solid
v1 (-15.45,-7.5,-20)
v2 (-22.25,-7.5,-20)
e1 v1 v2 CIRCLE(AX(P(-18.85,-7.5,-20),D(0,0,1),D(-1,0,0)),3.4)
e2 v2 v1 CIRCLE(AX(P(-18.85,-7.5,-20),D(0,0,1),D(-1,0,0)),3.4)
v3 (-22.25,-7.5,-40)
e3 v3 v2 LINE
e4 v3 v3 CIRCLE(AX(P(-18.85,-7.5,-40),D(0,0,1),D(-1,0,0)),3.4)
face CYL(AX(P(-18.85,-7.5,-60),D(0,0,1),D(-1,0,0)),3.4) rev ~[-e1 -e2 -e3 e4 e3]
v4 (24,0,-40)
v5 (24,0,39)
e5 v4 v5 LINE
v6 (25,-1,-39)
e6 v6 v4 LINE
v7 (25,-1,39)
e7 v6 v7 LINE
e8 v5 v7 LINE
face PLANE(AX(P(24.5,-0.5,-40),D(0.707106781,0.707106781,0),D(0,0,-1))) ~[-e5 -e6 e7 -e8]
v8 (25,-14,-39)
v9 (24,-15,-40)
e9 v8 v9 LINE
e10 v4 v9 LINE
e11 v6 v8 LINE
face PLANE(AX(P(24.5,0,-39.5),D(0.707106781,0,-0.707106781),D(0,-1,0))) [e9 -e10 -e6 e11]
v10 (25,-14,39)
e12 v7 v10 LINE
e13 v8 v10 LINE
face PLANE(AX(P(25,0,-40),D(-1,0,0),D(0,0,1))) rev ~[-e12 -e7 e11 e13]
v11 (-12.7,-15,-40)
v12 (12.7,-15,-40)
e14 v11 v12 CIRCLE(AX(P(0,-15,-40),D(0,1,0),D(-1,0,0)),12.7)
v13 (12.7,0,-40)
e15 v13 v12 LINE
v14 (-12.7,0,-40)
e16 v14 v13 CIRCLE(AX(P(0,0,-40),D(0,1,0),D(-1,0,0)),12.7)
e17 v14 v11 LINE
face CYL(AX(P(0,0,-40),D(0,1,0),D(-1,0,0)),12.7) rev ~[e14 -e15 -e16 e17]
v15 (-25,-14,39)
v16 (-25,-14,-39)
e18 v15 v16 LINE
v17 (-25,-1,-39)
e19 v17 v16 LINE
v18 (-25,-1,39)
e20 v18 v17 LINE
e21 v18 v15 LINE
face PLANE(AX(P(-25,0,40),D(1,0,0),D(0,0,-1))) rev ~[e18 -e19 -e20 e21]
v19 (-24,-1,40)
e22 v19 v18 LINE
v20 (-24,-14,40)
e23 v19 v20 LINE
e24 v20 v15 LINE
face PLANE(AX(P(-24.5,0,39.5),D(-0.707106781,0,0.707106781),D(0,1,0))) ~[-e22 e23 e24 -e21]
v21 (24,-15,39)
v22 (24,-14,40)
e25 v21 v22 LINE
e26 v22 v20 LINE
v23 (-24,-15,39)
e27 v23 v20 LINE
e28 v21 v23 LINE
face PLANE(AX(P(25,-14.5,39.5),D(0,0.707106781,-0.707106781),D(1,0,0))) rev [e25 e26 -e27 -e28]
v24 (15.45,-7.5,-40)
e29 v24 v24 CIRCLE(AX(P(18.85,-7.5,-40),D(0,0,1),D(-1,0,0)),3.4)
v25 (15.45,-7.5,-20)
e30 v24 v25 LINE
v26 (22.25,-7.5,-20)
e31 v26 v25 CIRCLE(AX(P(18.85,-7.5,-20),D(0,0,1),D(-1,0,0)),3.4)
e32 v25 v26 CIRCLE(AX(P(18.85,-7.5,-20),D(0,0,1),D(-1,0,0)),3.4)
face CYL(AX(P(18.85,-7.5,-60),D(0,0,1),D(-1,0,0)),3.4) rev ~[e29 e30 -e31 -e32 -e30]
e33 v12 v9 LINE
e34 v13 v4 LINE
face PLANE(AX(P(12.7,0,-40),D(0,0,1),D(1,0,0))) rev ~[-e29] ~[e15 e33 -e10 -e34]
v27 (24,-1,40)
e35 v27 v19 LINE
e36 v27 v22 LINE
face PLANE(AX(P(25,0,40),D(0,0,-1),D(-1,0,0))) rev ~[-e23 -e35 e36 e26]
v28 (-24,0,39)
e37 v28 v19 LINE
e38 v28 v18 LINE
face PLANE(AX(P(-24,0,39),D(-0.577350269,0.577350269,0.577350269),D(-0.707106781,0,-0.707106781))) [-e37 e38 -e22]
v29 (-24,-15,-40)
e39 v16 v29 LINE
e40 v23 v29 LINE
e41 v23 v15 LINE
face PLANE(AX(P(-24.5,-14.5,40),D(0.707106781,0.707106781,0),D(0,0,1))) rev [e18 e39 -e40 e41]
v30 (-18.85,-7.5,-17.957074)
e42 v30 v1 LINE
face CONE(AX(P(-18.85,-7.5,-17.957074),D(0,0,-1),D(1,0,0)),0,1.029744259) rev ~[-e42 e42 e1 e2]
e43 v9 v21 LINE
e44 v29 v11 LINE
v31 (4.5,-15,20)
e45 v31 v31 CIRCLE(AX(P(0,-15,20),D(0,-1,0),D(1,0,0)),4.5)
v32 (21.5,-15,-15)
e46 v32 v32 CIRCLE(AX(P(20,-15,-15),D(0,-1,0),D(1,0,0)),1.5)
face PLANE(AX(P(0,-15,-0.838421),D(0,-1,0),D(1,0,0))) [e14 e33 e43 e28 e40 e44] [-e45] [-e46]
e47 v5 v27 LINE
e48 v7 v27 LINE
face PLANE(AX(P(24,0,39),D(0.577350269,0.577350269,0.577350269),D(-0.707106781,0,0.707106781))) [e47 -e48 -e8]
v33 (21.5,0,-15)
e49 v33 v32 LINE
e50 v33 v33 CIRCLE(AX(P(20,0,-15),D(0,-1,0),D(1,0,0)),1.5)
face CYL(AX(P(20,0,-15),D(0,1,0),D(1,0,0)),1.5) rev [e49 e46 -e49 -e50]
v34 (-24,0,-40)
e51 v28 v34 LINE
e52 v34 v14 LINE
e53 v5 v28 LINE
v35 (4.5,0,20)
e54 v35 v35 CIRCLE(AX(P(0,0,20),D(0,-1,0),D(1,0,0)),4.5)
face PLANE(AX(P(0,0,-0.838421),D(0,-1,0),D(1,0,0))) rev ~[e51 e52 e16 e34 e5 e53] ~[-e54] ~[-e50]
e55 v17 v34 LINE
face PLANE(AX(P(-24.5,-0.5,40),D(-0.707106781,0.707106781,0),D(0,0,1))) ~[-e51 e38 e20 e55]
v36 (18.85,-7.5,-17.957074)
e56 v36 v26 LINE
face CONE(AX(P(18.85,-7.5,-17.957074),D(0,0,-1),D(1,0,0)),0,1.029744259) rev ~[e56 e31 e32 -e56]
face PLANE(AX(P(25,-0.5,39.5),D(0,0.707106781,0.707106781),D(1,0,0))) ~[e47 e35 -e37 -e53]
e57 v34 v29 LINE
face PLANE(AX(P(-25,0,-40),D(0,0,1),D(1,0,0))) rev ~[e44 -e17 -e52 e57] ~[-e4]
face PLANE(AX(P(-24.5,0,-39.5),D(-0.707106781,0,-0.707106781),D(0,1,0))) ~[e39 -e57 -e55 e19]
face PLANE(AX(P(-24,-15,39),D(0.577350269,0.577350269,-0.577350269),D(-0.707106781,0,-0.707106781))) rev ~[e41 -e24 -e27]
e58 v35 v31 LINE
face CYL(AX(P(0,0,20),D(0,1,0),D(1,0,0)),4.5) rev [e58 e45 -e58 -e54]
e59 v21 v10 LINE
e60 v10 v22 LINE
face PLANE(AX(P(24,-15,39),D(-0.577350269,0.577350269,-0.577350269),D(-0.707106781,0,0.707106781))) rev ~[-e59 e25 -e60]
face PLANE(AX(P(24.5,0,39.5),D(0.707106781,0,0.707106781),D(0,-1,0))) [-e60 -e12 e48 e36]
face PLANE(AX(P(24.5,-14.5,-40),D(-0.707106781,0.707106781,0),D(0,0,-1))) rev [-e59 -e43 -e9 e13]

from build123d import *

# Parameters (mm, degrees)
F0_R     = 1.5
F0_R_2   = 4.5
F1_DEPTH = 15
F3_D     = 6.8
F3_DEPTH = 20
F3_TIP   = 2.0429261047
F5_D     = 6.8
F5_DEPTH = 20
F5_TIP   = 2.0429261047
F6_SIZE  = 1


with BuildPart() as f1:
    # F0 (on Front) → F1 (new body)
    with BuildSketch(Plane.XZ):
        with BuildLine():
            Line((25, 40), (-25, 40))
            Line((-25, 40), (-25, -40))
            Line((-25, -40), (-12.7, -40))
            ThreePointArc((-12.7, -40), (0, -27.3), (12.7, -40))
            Line((12.7, -40), (25, -40))
            Line((25, -40), (25, 40))
        make_face()
        with Locations((20, -15)):
            Circle(F0_R, mode=Mode.SUBTRACT)
        with Locations((0, 20)):
            Circle(F0_R_2, mode=Mode.SUBTRACT)
    extrude(amount=F1_DEPTH)

    # F3
    with Locations(Plane(origin=(0, 0, -40), x_dir=(1, 0, 0), z_dir=(0, 0, -1))):
        with Locations((-18.85, 7.5)):
            Hole(F3_D / 2, depth=F3_DEPTH)
            with Locations((0, 0, -(F3_DEPTH + F3_TIP / 2))):  # 118° drill point
                Cone(0, F3_D / 2, F3_TIP, mode=Mode.SUBTRACT)

    # F5
    with Locations(Plane(origin=(0, 0, -40), x_dir=(1, 0, 0), z_dir=(0, 0, -1))):
        with Locations((18.85, 7.5)):
            Hole(F5_D / 2, depth=F5_DEPTH)
            with Locations((0, 0, -(F5_DEPTH + F5_TIP / 2))):  # 118° drill point
                Cone(0, F5_D / 2, F5_TIP, mode=Mode.SUBTRACT)

    # F6
    f6_edges = [f1.edges().sort_by_distance(p)[0] for p in [
        (25, -7.5, -40),
        (25, -7.5, 40),
        (25, 0, 0),
        (25, -15, 0),
        (-25, -7.5, 40),
        (0, 0, 40),
        (0, -15, 40),
        (-25, -7.5, -40),
        (-25, 0, 0),
        (-25, -15, 0),
    ]]
    chamfer(f6_edges, length=F6_SIZE)


solid = f1.part
